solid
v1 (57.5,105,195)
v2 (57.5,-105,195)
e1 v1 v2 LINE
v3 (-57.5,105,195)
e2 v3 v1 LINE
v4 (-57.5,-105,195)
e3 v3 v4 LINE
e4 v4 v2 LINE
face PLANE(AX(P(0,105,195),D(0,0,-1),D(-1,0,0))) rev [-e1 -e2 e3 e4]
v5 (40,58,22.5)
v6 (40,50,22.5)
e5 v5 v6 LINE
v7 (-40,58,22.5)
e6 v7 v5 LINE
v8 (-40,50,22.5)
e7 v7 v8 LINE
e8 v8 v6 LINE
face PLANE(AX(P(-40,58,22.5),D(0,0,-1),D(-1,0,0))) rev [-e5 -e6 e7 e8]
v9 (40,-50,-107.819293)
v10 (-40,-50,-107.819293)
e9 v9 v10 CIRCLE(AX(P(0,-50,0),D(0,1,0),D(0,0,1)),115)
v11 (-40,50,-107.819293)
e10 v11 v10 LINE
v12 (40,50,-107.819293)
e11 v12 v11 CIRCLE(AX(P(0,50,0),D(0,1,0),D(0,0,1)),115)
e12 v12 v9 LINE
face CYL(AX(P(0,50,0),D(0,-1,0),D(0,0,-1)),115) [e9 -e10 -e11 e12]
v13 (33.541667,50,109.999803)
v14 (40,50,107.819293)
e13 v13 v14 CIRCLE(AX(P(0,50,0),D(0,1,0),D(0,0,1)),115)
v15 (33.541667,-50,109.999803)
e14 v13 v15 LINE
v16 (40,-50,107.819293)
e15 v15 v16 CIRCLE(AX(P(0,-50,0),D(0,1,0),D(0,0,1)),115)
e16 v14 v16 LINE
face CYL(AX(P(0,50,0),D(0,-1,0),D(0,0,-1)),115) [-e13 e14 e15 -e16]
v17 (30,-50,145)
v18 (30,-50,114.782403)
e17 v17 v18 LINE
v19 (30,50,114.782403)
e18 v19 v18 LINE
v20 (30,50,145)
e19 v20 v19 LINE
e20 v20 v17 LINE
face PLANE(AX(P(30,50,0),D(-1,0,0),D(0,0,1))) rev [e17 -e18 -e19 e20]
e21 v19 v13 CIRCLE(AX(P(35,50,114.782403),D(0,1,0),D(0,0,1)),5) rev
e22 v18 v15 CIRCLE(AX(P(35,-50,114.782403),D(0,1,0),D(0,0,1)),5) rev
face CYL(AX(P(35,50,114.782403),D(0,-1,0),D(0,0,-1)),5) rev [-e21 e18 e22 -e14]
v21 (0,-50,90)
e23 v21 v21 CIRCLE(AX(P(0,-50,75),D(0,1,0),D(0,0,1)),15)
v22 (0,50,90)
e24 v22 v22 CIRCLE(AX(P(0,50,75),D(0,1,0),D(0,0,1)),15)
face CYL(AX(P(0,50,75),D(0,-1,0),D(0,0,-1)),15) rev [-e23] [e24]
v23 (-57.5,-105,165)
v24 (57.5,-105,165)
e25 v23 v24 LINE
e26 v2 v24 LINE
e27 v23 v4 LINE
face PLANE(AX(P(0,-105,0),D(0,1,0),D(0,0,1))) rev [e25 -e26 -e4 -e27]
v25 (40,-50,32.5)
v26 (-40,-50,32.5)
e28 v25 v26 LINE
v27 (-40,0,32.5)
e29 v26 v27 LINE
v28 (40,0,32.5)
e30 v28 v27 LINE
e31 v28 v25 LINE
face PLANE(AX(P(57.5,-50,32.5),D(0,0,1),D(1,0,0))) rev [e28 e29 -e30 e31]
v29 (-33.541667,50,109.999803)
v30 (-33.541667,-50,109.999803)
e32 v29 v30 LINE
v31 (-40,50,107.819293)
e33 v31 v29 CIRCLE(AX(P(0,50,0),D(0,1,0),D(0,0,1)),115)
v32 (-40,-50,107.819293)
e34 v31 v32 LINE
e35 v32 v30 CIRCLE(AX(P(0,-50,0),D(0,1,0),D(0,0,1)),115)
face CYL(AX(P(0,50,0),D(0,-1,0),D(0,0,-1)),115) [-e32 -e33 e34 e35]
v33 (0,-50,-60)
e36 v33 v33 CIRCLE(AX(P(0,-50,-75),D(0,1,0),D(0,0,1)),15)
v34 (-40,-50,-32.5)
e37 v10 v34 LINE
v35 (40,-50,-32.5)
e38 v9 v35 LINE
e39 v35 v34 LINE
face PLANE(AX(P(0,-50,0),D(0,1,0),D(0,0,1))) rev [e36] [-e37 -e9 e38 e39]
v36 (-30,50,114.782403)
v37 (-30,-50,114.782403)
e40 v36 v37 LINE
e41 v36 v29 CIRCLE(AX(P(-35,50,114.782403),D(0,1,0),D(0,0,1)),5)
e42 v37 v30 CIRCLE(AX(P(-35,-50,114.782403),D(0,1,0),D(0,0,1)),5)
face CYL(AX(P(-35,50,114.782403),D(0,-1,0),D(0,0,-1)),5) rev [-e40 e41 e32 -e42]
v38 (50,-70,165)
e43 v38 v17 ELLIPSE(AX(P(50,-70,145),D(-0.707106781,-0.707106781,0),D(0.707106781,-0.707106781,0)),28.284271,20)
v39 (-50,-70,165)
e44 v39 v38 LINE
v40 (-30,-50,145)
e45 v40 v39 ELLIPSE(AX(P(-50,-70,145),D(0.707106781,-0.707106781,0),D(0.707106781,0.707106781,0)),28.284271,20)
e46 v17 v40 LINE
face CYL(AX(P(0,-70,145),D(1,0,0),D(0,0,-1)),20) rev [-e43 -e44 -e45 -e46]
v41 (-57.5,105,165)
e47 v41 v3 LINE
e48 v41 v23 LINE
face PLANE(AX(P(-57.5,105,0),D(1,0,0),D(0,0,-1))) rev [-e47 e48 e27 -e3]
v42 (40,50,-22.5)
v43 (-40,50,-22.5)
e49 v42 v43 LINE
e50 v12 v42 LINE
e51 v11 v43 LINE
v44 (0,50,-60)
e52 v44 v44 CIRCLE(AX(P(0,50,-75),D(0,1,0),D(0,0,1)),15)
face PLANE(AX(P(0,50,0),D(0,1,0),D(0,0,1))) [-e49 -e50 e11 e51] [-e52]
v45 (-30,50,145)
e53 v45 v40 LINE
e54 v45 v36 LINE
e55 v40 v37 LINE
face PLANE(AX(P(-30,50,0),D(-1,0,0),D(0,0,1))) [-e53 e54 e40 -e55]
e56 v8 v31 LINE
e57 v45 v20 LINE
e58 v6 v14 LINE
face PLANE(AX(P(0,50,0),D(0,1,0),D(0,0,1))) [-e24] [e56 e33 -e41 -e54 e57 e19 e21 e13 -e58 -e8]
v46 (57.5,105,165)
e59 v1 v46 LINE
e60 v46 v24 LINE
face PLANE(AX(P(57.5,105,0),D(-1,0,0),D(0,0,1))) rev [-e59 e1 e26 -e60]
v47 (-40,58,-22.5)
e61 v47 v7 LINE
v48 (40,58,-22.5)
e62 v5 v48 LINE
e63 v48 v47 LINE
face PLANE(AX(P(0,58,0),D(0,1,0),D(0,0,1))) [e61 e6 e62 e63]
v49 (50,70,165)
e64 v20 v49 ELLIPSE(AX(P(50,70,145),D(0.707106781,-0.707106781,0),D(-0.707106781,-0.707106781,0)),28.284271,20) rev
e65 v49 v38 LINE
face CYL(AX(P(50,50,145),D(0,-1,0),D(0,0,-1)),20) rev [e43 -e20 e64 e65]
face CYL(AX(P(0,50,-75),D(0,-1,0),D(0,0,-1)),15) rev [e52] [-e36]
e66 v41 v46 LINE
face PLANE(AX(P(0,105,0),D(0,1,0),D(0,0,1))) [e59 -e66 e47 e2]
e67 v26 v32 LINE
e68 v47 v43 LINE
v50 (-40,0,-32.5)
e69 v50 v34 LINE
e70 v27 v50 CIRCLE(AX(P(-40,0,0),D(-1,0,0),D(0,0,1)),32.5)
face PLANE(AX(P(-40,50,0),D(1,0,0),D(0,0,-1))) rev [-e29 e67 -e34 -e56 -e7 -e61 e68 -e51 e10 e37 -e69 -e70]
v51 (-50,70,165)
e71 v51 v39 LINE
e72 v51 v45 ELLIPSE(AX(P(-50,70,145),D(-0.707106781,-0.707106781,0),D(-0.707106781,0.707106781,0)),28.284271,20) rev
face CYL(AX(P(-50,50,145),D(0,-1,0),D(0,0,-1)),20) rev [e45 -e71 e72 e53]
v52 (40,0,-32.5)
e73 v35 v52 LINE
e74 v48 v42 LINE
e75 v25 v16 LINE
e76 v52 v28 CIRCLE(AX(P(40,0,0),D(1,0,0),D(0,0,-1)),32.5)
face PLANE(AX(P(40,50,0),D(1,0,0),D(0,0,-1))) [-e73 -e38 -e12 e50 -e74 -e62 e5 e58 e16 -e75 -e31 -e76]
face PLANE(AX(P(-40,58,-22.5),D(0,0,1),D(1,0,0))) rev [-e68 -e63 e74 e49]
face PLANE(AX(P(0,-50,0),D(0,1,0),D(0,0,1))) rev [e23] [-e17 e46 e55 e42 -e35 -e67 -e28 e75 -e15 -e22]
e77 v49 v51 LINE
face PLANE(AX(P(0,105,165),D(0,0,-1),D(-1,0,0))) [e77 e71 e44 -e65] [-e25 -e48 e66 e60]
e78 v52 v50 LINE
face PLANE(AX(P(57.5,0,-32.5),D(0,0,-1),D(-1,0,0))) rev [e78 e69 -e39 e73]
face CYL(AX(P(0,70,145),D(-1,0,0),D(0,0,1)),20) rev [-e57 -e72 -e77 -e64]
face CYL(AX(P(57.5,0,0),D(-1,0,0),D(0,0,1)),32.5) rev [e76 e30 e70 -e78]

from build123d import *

# Parameters (mm, degrees)
SKETCH1_R           = 15
BOSS_EXTRUDE1_DEPTH = 50
BOSS_EXTRUDE2_DEPTH = 105
SKETCH4_W           = 80
SKETCH4_H           = 45
BOSS_EXTRUDE4_DEPTH = 8
SKETCH5_W           = 80
SKETCH5_H           = 45
CUT_EXTRUDE1_DEPTH  = 8
CUT_EXTRUDE2_DEPTH  = 242.983987074
FILLET1_R           = 20


with BuildPart() as part:
    # Sketch1 → Boss-Extrude1 (new, symmetric)
    with BuildSketch(Plane(origin=(0, 0, 0), x_dir=(1, 0, 0), z_dir=(0, 1, 0))):
        with BuildLine():
            ThreePointArc((-30, -145), (-35.857864376, -159.142135624), (-50, -165))
            Line((-50, -165), (50, -165))
            ThreePointArc((50, -165), (35.857864376, -159.142135624), (30, -145))
            Line((30, -145), (30, -114.782402832))
            ThreePointArc((30, -114.782402832), (30.981812183, -111.806807654), (33.541666667, -109.999802714))
            ThreePointArc((33.541666667, -109.999802714), (36.786992802, -108.957409847), (40, -107.819293264))
            Line((40, -107.819293264), (40, 107.819293264))
            ThreePointArc((40, 107.819293264), (0, 115), (-40, 107.819293264))
            Line((-40, 107.819293264), (-40, -107.819293264))
            ThreePointArc((-40, -107.819293264), (-36.786992802, -108.957409847), (-33.541666667, -109.999802714))
            ThreePointArc((-33.541666667, -109.999802714), (-30.981812183, -111.806807654), (-30, -114.782402832))
            Line((-30, -114.782402832), (-30, -145))
        make_face()
        with Locations((0, -75)):
            Circle(SKETCH1_R, mode=Mode.SUBTRACT)
        with Locations((0, 75)):
            Circle(SKETCH1_R, mode=Mode.SUBTRACT)
    extrude(amount=BOSS_EXTRUDE1_DEPTH, both=True)

    # Sketch1<3> → Boss-Extrude2 (add, symmetric)
    with BuildSketch(Plane(origin=(0, 0, 0), x_dir=(1, 0, 0), z_dir=(0, 1, 0))):
        Polygon((-50, -165), (-57.5, -165), (-57.5, -195), (57.5, -195), (57.5, -165), (50, -165), align=None)
    extrude(amount=BOSS_EXTRUDE2_DEPTH, both=True)

    # Sketch4 → Boss-Extrude4 (add)
    with BuildSketch(Plane(origin=(0, 50, 0), x_dir=(1, 0, 0), z_dir=(0, 1, 0))):
        Rectangle(SKETCH4_W, SKETCH4_H)
    extrude(amount=BOSS_EXTRUDE4_DEPTH)

    # Sketch5 → Cut-Extrude1 (cut)
    with BuildSketch(Plane.XZ.offset(50)):
        Rectangle(SKETCH5_W, SKETCH5_H)
    extrude(amount=-CUT_EXTRUDE1_DEPTH, mode=Mode.SUBTRACT)

    # Sketch6 → Cut-Extrude2 (cut, through all)
    with BuildSketch(Plane.ZY.offset(40)):
        with BuildLine():
            Line((-32.5, 0), (-32.5, -50))
            Line((-32.5, -50), (32.5, -50))
            Line((32.5, -50), (32.5, 0))
            ThreePointArc((32.5, 0), (0, 32.5), (-32.5, 0))
        make_face()
    extrude(amount=-CUT_EXTRUDE2_DEPTH, mode=Mode.SUBTRACT)

    # Fillet1
    fillet1_edges = [part.edges().sort_by_distance(p)[0] for p in [
        (0, 50, 165),
        (0, -50, 165),
    ]]
    fillet(fillet1_edges, radius=FILLET1_R)


solid = part.part
